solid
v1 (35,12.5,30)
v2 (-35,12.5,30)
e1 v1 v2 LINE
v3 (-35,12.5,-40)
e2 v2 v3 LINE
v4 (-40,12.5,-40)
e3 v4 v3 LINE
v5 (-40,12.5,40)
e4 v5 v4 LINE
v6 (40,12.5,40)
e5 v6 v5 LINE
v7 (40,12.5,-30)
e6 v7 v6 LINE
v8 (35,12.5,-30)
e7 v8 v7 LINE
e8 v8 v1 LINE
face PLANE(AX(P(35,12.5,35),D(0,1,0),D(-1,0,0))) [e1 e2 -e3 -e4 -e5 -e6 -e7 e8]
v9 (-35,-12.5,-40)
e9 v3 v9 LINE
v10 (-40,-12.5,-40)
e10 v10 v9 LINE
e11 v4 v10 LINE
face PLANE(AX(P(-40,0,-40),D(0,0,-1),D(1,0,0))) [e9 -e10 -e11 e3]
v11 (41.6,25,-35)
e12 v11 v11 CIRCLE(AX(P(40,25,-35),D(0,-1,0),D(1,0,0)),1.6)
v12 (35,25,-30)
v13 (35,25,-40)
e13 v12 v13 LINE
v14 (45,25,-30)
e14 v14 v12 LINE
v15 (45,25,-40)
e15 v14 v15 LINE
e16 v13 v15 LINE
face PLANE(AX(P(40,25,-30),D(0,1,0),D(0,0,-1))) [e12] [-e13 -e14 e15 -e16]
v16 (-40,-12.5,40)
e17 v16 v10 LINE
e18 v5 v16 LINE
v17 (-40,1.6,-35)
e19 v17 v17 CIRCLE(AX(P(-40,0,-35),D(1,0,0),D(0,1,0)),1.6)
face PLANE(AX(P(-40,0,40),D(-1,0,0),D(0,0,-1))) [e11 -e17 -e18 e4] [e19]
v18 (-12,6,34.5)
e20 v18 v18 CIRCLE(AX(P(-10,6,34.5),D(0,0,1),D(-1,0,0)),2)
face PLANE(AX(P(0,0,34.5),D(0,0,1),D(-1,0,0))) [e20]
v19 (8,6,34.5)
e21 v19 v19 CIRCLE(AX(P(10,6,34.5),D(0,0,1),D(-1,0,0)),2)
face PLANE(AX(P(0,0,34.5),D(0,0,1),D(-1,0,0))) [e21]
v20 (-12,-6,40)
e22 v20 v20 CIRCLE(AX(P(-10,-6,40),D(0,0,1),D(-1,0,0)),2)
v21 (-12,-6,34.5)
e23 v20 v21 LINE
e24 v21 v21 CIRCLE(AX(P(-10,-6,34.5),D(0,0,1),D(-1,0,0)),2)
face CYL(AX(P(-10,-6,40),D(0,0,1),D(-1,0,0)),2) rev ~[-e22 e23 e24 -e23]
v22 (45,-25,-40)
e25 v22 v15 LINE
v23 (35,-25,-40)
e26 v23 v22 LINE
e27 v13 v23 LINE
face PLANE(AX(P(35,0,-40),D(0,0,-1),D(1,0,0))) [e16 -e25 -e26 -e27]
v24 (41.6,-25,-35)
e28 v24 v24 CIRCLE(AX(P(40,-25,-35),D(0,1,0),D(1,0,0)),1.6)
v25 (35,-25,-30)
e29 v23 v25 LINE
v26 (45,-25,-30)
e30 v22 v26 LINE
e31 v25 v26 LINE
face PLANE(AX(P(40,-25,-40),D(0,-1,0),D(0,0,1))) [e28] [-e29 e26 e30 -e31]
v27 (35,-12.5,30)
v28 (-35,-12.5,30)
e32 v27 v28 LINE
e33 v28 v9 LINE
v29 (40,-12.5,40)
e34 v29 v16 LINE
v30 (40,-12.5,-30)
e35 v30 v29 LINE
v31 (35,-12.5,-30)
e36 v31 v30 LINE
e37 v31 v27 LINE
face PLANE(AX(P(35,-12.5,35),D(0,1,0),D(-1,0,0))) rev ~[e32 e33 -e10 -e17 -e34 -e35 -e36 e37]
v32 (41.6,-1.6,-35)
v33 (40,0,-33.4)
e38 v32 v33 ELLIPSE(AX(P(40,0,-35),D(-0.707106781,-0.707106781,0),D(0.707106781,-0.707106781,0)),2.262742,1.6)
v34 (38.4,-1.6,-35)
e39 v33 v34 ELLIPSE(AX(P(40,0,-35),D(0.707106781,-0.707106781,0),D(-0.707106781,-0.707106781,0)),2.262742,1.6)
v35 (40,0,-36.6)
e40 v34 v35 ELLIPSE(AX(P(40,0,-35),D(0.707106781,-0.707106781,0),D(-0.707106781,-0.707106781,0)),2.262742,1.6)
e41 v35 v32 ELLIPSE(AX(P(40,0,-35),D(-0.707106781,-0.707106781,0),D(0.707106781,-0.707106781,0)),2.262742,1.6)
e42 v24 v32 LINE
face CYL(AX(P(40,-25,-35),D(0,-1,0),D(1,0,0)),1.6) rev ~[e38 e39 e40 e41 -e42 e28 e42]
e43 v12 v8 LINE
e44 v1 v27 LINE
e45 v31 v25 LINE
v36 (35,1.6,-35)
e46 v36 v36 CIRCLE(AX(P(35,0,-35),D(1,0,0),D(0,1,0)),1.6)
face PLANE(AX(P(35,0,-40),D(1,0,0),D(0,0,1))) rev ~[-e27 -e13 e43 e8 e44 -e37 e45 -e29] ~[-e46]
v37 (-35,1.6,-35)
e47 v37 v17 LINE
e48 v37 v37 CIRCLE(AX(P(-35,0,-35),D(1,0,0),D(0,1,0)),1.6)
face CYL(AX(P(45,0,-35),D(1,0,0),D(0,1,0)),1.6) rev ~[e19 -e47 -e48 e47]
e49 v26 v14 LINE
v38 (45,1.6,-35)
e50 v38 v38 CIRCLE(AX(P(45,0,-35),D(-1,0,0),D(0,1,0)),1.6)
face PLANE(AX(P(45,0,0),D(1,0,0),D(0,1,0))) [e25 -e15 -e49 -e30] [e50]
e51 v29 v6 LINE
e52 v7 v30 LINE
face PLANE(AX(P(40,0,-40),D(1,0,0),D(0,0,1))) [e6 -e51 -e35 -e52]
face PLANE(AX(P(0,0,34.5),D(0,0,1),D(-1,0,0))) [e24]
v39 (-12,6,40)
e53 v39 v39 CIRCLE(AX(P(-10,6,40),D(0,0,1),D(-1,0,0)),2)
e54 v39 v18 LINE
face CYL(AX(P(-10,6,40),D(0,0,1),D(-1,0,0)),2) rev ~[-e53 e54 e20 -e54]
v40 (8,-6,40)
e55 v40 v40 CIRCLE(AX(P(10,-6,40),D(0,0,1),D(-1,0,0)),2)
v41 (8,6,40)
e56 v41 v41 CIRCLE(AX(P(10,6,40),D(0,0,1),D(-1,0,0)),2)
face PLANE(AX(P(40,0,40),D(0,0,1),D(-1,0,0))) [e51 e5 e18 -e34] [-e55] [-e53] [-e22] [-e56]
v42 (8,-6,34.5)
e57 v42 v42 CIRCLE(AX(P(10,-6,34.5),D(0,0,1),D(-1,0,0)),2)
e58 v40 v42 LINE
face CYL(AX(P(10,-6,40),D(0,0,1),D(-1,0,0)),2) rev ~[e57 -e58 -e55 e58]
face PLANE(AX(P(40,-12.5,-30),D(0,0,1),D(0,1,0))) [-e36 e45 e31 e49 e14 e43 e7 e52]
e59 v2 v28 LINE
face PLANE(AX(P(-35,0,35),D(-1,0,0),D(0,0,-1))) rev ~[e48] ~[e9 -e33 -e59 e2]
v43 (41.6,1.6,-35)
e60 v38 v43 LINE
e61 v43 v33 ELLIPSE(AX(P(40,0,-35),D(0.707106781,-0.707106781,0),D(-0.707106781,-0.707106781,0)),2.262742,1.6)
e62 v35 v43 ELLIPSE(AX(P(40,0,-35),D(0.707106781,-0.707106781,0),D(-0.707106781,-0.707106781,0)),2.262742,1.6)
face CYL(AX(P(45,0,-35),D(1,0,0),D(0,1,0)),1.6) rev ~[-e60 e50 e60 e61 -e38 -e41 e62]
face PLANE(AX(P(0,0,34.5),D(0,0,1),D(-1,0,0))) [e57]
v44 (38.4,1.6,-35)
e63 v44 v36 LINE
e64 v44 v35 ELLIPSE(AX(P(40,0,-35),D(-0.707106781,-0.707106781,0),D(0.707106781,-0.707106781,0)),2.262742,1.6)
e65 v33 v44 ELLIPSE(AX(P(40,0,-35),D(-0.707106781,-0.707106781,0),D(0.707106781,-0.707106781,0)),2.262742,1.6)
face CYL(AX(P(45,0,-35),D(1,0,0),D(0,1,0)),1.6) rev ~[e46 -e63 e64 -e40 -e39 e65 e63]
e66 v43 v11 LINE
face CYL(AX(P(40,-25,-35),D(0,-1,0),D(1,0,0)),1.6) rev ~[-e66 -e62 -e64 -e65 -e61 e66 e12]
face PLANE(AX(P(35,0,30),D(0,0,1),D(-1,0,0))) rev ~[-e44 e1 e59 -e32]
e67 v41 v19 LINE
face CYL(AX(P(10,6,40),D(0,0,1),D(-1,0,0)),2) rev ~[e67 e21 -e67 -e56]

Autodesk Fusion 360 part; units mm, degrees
sketch "Sketch3" plane through (0, 0, 0) normal (0, 1, 0) x (1, 0, 0)
  line L0 (40, -40) -> (-40, -40)
  line L1 (-40, -40) -> (-40, 40)
  line L2 (-40, 40) -> (40, 40)
  line L3 (40, 40) -> (40, -40)
  line L4 (40, -40) -> (-40, 40) construction
  line L5 (-40, -40) -> (40, 40) construction
  line L6 (35, 49.9978) -> (35, -35)
  line L7 (35, -35) -> (-35, -35)
  line L8 (-35, -35) -> (-35, 49.9995)
  dimension "d45" = 80
  dimension "d46" = 80
  dimension "d47" = 5
extrude "Extrude10" add sketch "Sketch3" along normal mid plane 25 contours L0 L1 L2 L3 L6 L7 L8
sketch "Sketch9" plane through (40, 0, 0) normal (1, 0, 0) x (0, 1, 0)
  line L0 (-12.5, -40) -> (12.5, -40)
  line L1 (12.5, -40) -> (12.5, 40)
  line L2 (12.5, 40) -> (-12.5, 40)
  line L3 (-12.5, 40) -> (-12.5, -40)
  line L4 (25, -40) -> (-25, -40)
  line L5 (-25, -40) -> (-25, -30)
  line L6 (-25, -30) -> (25, -30)
  line L7 (25, -30) -> (25, -40)
  line L8 (25, -40) -> (-25, -30) construction
  line L9 (-25, -40) -> (25, -30) construction
  line L10 (0, -30.1567) -> (0, 30.1567)
  point P0 (0, -35)
  dimension "d50" = 10
  dimension "d51" = 5
  dimension "d52" = 25
  dimension "d53" = 50
extrude "Extrude11" add sketch "Sketch9" along normal mid plane 10 contours L0 L1 L3 L4 L6 | L3 L4 L5 L6 | L1 L4 L6 L7
sketch "Sketch10" plane through (0, -25, 0) normal (0, -1, 0) x (1, 0, 0)
  line L0 (35, -40) -> (45, -40)
  line L1 (45, -40) -> (45, -30)
  line L2 (45, -30) -> (35, -30)
  line L3 (35, -30) -> (35, -40)
  line L4 (35, -40) -> (45, -30)
  line L5 (45, -40) -> (40, -35)
  circle A0 centre (40, -35) radius 1.6
  dimension "d56" = 3.2
extrude "Extrude12" cut sketch "Sketch10" against normal blind 64 contours L4 A0 | L4 L5 A0 | L4 L5 A0
sketch "Sketch11" plane through (45, 0, 0) normal (1, 0, 0) x (0, 1, 0)
  line L0 (25, -30) -> (-25, -30)
  line L1 (-25, -30) -> (-25, -40)
  line L2 (-25, -40) -> (25, -40)
  line L3 (25, -40) -> (25, -30)
  line L4 (-25, -40) -> (25, -30)
  line L5 (25, -40) -> (-25, -30)
  circle A0 centre (0, -35) radius 1.6
  dimension "d59" = 3.2
extrude "Extrude13" cut sketch "Sketch11" against normal blind 105 contours L4 L5 A0 | L4 L5 A0 | L4 L5 A0 | L4 L5 A0
extrude "Extrude14" add 1 faces at (11.6667, -4.1667, 35) along direction (0, 0, -1) blind 5
sketch "Sketch12" plane through (0, 0, 40) normal (0, 0, 1) x (-1, 0, 0)
  line L0 (-40, 12.5) -> (-40, -12.5)
  line L1 (-40, -12.5) -> (40, -12.5)
  line L2 (40, -12.5) -> (40, 12.5)
  line L3 (40, 12.5) -> (-40, 12.5)
  circle A0 centre (10, -6) radius 2
  circle A1 centre (-10, -6) radius 2
  circle A2 centre (10, 6) radius 2
  circle A3 centre (-10, 6) radius 2
  dimension "d68" = 4
  dimension "d69" = 10
  dimension "d70" = 6
  dimension "d73" = -20
  dimension "d74" = 12
extrude "Extrude15" cut sketch "Sketch12" against normal blind 5.5 contours A0 | A1 | A2 | A3
equation "d48 = ( 25 / 2 ) * 1 mm"
